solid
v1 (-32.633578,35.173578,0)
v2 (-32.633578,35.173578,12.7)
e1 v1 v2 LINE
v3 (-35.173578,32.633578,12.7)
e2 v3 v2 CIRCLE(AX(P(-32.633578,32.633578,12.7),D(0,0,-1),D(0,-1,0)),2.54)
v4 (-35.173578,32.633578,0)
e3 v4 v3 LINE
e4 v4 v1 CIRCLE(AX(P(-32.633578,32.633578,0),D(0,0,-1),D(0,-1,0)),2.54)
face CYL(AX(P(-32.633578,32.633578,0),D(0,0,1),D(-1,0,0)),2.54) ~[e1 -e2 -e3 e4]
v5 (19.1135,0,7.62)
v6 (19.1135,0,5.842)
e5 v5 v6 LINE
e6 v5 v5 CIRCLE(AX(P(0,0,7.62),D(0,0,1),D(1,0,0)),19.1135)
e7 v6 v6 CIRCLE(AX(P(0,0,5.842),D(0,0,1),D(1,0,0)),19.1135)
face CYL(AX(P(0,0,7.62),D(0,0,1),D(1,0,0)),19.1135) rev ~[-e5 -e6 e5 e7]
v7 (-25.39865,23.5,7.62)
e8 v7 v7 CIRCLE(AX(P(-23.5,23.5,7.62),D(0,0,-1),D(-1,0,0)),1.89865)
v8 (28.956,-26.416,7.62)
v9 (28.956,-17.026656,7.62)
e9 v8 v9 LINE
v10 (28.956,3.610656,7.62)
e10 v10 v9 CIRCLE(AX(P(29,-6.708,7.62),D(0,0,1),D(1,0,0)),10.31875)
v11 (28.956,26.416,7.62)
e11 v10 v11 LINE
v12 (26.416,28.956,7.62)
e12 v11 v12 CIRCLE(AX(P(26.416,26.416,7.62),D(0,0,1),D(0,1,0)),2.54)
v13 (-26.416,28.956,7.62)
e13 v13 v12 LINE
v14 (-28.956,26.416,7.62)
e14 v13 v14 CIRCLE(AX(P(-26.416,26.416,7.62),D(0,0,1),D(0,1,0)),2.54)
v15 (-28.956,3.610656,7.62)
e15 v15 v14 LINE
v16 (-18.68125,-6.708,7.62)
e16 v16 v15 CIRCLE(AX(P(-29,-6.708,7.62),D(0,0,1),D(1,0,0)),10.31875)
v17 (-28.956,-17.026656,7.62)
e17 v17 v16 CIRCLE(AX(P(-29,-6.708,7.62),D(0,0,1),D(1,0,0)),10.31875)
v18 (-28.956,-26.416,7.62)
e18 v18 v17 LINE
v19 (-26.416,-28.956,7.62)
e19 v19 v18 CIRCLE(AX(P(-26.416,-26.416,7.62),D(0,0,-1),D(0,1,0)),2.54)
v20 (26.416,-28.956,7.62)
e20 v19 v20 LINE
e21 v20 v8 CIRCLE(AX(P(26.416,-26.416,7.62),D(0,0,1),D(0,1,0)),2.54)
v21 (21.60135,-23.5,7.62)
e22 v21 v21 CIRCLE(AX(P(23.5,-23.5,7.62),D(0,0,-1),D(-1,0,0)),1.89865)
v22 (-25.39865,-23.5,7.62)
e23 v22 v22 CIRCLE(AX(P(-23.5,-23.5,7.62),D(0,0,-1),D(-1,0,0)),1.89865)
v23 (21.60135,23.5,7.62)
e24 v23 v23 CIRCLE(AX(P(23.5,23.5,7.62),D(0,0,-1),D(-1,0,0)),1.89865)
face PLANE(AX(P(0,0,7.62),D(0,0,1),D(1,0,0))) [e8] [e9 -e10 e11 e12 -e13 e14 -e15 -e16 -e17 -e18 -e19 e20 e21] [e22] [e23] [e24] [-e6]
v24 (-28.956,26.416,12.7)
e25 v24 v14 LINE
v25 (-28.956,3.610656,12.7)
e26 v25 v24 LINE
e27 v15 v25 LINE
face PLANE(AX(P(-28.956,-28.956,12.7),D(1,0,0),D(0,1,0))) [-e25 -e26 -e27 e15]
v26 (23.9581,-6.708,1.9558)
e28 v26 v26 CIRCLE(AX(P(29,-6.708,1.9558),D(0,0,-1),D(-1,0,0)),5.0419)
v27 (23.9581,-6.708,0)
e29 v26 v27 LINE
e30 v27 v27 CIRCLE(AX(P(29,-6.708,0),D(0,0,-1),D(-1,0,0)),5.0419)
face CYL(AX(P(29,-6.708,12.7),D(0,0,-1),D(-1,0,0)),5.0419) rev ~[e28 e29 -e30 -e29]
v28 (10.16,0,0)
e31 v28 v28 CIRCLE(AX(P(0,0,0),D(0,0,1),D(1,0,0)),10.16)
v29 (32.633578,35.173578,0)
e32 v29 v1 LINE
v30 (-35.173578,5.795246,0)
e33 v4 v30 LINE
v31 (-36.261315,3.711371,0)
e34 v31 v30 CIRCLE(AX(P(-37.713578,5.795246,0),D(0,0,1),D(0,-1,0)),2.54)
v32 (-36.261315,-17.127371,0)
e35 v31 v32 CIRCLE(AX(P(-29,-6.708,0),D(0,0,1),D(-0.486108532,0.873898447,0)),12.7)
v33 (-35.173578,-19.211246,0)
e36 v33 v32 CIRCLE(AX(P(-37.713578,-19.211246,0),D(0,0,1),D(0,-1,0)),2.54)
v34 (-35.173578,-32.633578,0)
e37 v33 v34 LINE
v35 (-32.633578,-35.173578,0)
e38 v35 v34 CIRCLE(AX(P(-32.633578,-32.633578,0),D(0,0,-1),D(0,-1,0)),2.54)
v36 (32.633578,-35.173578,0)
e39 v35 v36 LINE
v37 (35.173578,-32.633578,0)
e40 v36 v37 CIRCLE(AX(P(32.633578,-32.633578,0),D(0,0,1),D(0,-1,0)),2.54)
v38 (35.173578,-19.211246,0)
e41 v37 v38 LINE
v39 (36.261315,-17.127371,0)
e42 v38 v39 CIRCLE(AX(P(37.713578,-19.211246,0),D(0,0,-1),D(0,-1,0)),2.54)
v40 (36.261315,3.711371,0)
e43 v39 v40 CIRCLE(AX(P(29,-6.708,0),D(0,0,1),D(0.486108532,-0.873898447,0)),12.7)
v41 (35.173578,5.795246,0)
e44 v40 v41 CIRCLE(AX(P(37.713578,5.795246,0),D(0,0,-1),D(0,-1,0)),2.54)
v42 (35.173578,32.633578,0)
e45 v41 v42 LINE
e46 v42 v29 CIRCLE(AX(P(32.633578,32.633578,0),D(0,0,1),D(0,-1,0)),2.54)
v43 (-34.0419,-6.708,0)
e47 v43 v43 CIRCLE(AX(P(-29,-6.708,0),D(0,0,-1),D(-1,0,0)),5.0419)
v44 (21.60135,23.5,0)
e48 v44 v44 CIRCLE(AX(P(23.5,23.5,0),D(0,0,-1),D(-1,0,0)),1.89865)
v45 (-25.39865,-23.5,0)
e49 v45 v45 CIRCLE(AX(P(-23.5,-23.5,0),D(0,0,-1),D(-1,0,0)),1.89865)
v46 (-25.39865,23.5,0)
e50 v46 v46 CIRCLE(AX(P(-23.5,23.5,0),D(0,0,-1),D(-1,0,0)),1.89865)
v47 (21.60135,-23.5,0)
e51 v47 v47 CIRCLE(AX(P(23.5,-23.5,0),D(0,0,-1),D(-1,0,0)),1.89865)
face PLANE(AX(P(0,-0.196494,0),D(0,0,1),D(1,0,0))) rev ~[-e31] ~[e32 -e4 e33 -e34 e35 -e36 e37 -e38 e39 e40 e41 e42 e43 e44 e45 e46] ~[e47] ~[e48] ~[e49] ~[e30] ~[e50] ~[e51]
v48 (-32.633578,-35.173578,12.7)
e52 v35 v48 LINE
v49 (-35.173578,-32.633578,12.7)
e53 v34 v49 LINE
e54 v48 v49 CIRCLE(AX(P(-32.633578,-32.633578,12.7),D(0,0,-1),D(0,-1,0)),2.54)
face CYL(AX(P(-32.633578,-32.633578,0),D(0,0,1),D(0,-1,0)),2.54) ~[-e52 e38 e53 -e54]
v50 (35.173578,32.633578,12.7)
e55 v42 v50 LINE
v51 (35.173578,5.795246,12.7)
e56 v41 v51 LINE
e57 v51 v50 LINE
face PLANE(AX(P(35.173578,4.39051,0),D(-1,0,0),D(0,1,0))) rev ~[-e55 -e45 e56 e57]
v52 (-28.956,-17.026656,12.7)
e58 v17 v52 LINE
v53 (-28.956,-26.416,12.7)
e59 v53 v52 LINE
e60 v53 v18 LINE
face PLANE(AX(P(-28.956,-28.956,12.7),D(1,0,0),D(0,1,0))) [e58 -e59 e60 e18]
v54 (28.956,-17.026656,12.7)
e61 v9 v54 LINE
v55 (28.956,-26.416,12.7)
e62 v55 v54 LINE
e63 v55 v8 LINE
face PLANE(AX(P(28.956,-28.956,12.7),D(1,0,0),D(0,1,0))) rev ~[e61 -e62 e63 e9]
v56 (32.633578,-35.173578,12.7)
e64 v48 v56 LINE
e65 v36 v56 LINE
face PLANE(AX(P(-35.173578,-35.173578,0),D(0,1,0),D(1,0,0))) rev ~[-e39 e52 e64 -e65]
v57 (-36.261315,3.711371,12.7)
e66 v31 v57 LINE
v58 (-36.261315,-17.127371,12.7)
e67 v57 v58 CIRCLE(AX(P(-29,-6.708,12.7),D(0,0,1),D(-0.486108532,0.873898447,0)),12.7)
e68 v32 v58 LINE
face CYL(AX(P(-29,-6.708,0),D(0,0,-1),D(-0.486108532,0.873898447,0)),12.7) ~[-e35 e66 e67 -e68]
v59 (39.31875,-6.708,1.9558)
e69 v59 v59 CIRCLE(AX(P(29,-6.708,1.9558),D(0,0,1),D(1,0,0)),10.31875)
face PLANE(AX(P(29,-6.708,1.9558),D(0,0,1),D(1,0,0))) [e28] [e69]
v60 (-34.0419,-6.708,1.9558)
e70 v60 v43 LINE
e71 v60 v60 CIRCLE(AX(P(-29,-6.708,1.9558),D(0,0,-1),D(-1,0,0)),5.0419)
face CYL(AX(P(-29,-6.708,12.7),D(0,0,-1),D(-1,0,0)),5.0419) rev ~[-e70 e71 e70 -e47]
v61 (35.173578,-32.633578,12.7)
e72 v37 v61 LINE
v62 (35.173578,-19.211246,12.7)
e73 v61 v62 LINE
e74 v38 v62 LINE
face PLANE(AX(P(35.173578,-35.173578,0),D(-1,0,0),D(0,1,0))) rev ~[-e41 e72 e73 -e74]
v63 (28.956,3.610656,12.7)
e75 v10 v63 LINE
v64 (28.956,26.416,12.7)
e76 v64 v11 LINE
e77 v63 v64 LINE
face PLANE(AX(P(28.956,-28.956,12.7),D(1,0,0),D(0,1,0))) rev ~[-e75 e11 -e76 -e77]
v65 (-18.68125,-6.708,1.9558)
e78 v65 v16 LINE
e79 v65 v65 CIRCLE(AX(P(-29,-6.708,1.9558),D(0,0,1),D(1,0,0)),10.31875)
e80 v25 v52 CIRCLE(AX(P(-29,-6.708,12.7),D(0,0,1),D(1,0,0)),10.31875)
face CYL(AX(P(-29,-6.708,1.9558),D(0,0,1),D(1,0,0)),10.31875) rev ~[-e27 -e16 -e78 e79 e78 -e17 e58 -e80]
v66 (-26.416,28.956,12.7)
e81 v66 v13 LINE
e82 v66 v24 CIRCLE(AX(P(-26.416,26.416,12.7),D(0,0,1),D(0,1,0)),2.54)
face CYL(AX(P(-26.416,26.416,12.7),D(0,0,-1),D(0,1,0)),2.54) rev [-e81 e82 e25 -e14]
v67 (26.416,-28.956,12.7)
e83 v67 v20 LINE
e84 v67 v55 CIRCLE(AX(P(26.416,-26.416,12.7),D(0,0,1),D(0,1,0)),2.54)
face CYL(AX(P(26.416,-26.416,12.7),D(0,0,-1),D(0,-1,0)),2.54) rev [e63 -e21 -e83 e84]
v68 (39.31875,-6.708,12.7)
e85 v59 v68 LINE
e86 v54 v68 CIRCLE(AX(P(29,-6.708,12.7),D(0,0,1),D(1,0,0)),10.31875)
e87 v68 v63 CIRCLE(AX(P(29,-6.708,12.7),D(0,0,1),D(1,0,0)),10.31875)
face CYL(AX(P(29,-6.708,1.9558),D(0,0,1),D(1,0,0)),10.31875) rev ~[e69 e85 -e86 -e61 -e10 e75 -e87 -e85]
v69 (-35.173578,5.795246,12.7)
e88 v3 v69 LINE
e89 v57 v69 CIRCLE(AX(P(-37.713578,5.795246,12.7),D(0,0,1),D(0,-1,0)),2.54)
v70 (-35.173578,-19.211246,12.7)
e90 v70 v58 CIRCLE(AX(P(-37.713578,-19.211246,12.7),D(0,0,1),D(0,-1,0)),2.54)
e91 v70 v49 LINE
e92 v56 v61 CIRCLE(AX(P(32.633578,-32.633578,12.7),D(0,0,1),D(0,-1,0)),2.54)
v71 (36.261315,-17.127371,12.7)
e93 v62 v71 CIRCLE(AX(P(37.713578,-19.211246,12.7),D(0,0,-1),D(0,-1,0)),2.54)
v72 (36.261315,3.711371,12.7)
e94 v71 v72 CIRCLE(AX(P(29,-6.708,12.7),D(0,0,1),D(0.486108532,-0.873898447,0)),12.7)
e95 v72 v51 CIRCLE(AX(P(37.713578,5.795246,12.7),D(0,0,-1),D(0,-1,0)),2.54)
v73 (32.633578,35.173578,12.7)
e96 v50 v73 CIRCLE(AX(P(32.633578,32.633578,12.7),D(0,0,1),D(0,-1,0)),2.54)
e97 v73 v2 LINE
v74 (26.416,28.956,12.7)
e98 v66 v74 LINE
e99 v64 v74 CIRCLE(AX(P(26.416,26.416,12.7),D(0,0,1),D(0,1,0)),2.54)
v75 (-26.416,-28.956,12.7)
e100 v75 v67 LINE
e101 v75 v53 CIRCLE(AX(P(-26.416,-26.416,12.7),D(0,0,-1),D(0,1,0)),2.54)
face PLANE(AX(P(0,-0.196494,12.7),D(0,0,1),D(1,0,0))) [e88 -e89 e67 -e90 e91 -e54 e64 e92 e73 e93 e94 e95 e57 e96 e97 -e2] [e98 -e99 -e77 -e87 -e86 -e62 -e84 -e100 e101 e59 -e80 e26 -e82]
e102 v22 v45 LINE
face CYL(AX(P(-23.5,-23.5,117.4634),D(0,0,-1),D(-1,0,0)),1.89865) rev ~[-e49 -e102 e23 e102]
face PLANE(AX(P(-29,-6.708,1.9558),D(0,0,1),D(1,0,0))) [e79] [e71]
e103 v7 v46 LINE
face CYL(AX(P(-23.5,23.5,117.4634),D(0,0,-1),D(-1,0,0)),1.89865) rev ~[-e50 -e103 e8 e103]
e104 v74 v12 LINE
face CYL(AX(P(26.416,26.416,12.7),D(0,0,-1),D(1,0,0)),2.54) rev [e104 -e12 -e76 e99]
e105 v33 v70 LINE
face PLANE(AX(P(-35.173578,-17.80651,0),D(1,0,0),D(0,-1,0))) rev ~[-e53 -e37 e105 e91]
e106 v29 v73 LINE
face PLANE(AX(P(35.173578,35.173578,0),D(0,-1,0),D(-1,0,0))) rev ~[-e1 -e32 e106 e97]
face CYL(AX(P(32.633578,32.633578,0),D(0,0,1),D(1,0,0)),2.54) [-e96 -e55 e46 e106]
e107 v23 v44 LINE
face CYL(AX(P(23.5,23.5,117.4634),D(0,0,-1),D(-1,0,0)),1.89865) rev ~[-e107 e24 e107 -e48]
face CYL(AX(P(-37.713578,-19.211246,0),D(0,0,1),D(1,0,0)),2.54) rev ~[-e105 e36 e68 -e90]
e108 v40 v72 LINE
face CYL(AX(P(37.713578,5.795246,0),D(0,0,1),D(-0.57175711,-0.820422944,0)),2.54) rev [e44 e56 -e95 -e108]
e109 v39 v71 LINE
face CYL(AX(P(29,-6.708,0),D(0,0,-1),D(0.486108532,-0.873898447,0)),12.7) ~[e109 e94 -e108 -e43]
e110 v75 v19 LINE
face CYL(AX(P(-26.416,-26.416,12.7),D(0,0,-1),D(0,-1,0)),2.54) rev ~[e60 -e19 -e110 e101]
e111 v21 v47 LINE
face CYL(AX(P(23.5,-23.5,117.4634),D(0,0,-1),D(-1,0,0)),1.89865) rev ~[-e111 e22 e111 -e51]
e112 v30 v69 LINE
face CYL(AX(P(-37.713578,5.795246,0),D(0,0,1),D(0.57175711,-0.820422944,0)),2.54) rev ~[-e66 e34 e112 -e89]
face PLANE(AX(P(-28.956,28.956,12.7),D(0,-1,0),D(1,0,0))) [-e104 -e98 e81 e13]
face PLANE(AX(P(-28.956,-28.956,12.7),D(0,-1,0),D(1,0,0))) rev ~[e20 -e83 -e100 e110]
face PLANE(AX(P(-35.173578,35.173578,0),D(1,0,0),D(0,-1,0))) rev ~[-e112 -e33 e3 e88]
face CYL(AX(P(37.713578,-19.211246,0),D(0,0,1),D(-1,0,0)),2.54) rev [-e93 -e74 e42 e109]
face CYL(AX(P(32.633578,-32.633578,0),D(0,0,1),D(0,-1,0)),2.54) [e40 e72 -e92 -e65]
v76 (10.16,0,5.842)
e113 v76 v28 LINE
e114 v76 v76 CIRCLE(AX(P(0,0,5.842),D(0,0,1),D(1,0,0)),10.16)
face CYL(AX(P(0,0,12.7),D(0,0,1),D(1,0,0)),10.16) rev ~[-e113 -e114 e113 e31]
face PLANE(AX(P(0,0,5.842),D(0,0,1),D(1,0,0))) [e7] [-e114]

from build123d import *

# Parameters (mm, degrees)
BOSS_EXTRUDE1_DEPTH                                  = 12.7
SKETCH16_R                                           = 10.16
CUT_EXTRUDE3_DEPTH                                   = 1
CUT_EXTRUDE3_DEPTH_BACK                              = 13.7
SKETCH17_W                                           = 57.912
SKETCH17_H                                           = 57.912
CUT_EXTRUDE4_DEPTH                                   = 5.08
CBORE_FOR_3_8_BINDING_HEAD_MACHINE_SCREW_D           = 10.0838
CBORE_FOR_3_8_BINDING_HEAD_MACHINE_SCREW_CBORE_D     = 20.6375
CBORE_FOR_3_8_BINDING_HEAD_MACHINE_SCREW_CBORE_DEPTH = 10.7442
FILLET3_R                                            = 2.54
TAP_DRILL_FOR_10_24_TAP1_D                           = 3.7973
SKETCH24_R                                           = 19.1135
CUT_EXTRUDE5_DEPTH                                   = 1.778
FILLET4_R                                            = 2.54


with BuildPart() as part:
    # Sketch1 → Boss-Extrude1 (new body)
    with BuildSketch(Plane.XY):
        with BuildLine():
            Line((-35.173578353, -35.173578353), (35.173578353, -35.173578353))
            Line((35.173578353, -35.173578353), (35.173578353, -17.806510321))
            ThreePointArc((35.173578353, -17.806510321), (41.7, -6.708000046), (35.173578353, 4.390510229))
            Line((35.173578353, 4.390510229), (35.173578353, 35.173578353))
            Line((35.173578353, 35.173578353), (-35.173578353, 35.173578353))
            Line((-35.173578353, 35.173578353), (-35.173578353, 4.390510229))
            ThreePointArc((-35.173578353, 4.390510229), (-41.7, -6.708000046), (-35.173578353, -17.806510321))
            Line((-35.173578353, -17.806510321), (-35.173578353, -35.173578353))
        make_face()
    extrude(amount=BOSS_EXTRUDE1_DEPTH)

    # Sketch16 → Cut-Extrude3 (cut, two sides)
    with BuildSketch(Plane.XY.offset(12.7)) as cut_extrude3_sk:
        Circle(SKETCH16_R)
    extrude(amount=CUT_EXTRUDE3_DEPTH, mode=Mode.SUBTRACT)
    extrude(cut_extrude3_sk.sketch, amount=-CUT_EXTRUDE3_DEPTH_BACK, mode=Mode.SUBTRACT)

    # Sketch17 → Cut-Extrude4 (cut)
    with BuildSketch(Plane.XY.offset(12.7)):
        Rectangle(SKETCH17_W, SKETCH17_H)
    extrude(amount=-CUT_EXTRUDE4_DEPTH, mode=Mode.SUBTRACT)

    # CBORE for 3/8 Binding Head Machine Screw1 (through all)
    with Locations(Plane.XY.offset(12.7)):
        with Locations((-29, -6.708000046), (29, -6.708000046)):
            CounterBoreHole(CBORE_FOR_3_8_BINDING_HEAD_MACHINE_SCREW_D / 2, CBORE_FOR_3_8_BINDING_HEAD_MACHINE_SCREW_CBORE_D / 2, CBORE_FOR_3_8_BINDING_HEAD_MACHINE_SCREW_CBORE_DEPTH)

    # Fillet3
    fillet3_edges = [part.edges().sort_by_distance(p)[0] for p in [
        (35.173578353, -35.173578353, 6.35),
        (-35.173578353, -35.173578353, 6.35),
        (-35.173578353, 35.173578353, 6.35),
        (35.173578353, 35.173578353, 6.35),
        (28.956, 28.956, 10.16),
        (28.956, -28.956, 10.16),
        (-28.956, -28.956, 10.16),
        (-28.956, 28.956, 10.16),
    ]]
    fillet(fillet3_edges, radius=FILLET3_R)

    # Tap Drill for #10-24 Tap1 (through all)
    with Locations(Plane.XY.offset(7.62)):
        with Locations((-23.5, -23.5), (-23.5, 23.5), (23.5, 23.5), (23.5, -23.5)):
            Hole(TAP_DRILL_FOR_10_24_TAP1_D / 2)

    # Sketch24 → Cut-Extrude5 (cut)
    with BuildSketch(Plane.XY.offset(7.62)):
        Circle(SKETCH24_R)
    extrude(amount=-CUT_EXTRUDE5_DEPTH, mode=Mode.SUBTRACT)

    # Fillet4
    fillet4_edges = [part.edges().sort_by_distance(p)[0] for p in [
        (35.173578353, 4.390510229, 6.35),
        (35.173578353, -17.806510321, 6.35),
        (-35.173578353, -17.806510321, 6.35),
        (-35.173578353, 4.390510229, 6.35),
    ]]
    fillet(fillet4_edges, radius=FILLET4_R)


solid = part.part
